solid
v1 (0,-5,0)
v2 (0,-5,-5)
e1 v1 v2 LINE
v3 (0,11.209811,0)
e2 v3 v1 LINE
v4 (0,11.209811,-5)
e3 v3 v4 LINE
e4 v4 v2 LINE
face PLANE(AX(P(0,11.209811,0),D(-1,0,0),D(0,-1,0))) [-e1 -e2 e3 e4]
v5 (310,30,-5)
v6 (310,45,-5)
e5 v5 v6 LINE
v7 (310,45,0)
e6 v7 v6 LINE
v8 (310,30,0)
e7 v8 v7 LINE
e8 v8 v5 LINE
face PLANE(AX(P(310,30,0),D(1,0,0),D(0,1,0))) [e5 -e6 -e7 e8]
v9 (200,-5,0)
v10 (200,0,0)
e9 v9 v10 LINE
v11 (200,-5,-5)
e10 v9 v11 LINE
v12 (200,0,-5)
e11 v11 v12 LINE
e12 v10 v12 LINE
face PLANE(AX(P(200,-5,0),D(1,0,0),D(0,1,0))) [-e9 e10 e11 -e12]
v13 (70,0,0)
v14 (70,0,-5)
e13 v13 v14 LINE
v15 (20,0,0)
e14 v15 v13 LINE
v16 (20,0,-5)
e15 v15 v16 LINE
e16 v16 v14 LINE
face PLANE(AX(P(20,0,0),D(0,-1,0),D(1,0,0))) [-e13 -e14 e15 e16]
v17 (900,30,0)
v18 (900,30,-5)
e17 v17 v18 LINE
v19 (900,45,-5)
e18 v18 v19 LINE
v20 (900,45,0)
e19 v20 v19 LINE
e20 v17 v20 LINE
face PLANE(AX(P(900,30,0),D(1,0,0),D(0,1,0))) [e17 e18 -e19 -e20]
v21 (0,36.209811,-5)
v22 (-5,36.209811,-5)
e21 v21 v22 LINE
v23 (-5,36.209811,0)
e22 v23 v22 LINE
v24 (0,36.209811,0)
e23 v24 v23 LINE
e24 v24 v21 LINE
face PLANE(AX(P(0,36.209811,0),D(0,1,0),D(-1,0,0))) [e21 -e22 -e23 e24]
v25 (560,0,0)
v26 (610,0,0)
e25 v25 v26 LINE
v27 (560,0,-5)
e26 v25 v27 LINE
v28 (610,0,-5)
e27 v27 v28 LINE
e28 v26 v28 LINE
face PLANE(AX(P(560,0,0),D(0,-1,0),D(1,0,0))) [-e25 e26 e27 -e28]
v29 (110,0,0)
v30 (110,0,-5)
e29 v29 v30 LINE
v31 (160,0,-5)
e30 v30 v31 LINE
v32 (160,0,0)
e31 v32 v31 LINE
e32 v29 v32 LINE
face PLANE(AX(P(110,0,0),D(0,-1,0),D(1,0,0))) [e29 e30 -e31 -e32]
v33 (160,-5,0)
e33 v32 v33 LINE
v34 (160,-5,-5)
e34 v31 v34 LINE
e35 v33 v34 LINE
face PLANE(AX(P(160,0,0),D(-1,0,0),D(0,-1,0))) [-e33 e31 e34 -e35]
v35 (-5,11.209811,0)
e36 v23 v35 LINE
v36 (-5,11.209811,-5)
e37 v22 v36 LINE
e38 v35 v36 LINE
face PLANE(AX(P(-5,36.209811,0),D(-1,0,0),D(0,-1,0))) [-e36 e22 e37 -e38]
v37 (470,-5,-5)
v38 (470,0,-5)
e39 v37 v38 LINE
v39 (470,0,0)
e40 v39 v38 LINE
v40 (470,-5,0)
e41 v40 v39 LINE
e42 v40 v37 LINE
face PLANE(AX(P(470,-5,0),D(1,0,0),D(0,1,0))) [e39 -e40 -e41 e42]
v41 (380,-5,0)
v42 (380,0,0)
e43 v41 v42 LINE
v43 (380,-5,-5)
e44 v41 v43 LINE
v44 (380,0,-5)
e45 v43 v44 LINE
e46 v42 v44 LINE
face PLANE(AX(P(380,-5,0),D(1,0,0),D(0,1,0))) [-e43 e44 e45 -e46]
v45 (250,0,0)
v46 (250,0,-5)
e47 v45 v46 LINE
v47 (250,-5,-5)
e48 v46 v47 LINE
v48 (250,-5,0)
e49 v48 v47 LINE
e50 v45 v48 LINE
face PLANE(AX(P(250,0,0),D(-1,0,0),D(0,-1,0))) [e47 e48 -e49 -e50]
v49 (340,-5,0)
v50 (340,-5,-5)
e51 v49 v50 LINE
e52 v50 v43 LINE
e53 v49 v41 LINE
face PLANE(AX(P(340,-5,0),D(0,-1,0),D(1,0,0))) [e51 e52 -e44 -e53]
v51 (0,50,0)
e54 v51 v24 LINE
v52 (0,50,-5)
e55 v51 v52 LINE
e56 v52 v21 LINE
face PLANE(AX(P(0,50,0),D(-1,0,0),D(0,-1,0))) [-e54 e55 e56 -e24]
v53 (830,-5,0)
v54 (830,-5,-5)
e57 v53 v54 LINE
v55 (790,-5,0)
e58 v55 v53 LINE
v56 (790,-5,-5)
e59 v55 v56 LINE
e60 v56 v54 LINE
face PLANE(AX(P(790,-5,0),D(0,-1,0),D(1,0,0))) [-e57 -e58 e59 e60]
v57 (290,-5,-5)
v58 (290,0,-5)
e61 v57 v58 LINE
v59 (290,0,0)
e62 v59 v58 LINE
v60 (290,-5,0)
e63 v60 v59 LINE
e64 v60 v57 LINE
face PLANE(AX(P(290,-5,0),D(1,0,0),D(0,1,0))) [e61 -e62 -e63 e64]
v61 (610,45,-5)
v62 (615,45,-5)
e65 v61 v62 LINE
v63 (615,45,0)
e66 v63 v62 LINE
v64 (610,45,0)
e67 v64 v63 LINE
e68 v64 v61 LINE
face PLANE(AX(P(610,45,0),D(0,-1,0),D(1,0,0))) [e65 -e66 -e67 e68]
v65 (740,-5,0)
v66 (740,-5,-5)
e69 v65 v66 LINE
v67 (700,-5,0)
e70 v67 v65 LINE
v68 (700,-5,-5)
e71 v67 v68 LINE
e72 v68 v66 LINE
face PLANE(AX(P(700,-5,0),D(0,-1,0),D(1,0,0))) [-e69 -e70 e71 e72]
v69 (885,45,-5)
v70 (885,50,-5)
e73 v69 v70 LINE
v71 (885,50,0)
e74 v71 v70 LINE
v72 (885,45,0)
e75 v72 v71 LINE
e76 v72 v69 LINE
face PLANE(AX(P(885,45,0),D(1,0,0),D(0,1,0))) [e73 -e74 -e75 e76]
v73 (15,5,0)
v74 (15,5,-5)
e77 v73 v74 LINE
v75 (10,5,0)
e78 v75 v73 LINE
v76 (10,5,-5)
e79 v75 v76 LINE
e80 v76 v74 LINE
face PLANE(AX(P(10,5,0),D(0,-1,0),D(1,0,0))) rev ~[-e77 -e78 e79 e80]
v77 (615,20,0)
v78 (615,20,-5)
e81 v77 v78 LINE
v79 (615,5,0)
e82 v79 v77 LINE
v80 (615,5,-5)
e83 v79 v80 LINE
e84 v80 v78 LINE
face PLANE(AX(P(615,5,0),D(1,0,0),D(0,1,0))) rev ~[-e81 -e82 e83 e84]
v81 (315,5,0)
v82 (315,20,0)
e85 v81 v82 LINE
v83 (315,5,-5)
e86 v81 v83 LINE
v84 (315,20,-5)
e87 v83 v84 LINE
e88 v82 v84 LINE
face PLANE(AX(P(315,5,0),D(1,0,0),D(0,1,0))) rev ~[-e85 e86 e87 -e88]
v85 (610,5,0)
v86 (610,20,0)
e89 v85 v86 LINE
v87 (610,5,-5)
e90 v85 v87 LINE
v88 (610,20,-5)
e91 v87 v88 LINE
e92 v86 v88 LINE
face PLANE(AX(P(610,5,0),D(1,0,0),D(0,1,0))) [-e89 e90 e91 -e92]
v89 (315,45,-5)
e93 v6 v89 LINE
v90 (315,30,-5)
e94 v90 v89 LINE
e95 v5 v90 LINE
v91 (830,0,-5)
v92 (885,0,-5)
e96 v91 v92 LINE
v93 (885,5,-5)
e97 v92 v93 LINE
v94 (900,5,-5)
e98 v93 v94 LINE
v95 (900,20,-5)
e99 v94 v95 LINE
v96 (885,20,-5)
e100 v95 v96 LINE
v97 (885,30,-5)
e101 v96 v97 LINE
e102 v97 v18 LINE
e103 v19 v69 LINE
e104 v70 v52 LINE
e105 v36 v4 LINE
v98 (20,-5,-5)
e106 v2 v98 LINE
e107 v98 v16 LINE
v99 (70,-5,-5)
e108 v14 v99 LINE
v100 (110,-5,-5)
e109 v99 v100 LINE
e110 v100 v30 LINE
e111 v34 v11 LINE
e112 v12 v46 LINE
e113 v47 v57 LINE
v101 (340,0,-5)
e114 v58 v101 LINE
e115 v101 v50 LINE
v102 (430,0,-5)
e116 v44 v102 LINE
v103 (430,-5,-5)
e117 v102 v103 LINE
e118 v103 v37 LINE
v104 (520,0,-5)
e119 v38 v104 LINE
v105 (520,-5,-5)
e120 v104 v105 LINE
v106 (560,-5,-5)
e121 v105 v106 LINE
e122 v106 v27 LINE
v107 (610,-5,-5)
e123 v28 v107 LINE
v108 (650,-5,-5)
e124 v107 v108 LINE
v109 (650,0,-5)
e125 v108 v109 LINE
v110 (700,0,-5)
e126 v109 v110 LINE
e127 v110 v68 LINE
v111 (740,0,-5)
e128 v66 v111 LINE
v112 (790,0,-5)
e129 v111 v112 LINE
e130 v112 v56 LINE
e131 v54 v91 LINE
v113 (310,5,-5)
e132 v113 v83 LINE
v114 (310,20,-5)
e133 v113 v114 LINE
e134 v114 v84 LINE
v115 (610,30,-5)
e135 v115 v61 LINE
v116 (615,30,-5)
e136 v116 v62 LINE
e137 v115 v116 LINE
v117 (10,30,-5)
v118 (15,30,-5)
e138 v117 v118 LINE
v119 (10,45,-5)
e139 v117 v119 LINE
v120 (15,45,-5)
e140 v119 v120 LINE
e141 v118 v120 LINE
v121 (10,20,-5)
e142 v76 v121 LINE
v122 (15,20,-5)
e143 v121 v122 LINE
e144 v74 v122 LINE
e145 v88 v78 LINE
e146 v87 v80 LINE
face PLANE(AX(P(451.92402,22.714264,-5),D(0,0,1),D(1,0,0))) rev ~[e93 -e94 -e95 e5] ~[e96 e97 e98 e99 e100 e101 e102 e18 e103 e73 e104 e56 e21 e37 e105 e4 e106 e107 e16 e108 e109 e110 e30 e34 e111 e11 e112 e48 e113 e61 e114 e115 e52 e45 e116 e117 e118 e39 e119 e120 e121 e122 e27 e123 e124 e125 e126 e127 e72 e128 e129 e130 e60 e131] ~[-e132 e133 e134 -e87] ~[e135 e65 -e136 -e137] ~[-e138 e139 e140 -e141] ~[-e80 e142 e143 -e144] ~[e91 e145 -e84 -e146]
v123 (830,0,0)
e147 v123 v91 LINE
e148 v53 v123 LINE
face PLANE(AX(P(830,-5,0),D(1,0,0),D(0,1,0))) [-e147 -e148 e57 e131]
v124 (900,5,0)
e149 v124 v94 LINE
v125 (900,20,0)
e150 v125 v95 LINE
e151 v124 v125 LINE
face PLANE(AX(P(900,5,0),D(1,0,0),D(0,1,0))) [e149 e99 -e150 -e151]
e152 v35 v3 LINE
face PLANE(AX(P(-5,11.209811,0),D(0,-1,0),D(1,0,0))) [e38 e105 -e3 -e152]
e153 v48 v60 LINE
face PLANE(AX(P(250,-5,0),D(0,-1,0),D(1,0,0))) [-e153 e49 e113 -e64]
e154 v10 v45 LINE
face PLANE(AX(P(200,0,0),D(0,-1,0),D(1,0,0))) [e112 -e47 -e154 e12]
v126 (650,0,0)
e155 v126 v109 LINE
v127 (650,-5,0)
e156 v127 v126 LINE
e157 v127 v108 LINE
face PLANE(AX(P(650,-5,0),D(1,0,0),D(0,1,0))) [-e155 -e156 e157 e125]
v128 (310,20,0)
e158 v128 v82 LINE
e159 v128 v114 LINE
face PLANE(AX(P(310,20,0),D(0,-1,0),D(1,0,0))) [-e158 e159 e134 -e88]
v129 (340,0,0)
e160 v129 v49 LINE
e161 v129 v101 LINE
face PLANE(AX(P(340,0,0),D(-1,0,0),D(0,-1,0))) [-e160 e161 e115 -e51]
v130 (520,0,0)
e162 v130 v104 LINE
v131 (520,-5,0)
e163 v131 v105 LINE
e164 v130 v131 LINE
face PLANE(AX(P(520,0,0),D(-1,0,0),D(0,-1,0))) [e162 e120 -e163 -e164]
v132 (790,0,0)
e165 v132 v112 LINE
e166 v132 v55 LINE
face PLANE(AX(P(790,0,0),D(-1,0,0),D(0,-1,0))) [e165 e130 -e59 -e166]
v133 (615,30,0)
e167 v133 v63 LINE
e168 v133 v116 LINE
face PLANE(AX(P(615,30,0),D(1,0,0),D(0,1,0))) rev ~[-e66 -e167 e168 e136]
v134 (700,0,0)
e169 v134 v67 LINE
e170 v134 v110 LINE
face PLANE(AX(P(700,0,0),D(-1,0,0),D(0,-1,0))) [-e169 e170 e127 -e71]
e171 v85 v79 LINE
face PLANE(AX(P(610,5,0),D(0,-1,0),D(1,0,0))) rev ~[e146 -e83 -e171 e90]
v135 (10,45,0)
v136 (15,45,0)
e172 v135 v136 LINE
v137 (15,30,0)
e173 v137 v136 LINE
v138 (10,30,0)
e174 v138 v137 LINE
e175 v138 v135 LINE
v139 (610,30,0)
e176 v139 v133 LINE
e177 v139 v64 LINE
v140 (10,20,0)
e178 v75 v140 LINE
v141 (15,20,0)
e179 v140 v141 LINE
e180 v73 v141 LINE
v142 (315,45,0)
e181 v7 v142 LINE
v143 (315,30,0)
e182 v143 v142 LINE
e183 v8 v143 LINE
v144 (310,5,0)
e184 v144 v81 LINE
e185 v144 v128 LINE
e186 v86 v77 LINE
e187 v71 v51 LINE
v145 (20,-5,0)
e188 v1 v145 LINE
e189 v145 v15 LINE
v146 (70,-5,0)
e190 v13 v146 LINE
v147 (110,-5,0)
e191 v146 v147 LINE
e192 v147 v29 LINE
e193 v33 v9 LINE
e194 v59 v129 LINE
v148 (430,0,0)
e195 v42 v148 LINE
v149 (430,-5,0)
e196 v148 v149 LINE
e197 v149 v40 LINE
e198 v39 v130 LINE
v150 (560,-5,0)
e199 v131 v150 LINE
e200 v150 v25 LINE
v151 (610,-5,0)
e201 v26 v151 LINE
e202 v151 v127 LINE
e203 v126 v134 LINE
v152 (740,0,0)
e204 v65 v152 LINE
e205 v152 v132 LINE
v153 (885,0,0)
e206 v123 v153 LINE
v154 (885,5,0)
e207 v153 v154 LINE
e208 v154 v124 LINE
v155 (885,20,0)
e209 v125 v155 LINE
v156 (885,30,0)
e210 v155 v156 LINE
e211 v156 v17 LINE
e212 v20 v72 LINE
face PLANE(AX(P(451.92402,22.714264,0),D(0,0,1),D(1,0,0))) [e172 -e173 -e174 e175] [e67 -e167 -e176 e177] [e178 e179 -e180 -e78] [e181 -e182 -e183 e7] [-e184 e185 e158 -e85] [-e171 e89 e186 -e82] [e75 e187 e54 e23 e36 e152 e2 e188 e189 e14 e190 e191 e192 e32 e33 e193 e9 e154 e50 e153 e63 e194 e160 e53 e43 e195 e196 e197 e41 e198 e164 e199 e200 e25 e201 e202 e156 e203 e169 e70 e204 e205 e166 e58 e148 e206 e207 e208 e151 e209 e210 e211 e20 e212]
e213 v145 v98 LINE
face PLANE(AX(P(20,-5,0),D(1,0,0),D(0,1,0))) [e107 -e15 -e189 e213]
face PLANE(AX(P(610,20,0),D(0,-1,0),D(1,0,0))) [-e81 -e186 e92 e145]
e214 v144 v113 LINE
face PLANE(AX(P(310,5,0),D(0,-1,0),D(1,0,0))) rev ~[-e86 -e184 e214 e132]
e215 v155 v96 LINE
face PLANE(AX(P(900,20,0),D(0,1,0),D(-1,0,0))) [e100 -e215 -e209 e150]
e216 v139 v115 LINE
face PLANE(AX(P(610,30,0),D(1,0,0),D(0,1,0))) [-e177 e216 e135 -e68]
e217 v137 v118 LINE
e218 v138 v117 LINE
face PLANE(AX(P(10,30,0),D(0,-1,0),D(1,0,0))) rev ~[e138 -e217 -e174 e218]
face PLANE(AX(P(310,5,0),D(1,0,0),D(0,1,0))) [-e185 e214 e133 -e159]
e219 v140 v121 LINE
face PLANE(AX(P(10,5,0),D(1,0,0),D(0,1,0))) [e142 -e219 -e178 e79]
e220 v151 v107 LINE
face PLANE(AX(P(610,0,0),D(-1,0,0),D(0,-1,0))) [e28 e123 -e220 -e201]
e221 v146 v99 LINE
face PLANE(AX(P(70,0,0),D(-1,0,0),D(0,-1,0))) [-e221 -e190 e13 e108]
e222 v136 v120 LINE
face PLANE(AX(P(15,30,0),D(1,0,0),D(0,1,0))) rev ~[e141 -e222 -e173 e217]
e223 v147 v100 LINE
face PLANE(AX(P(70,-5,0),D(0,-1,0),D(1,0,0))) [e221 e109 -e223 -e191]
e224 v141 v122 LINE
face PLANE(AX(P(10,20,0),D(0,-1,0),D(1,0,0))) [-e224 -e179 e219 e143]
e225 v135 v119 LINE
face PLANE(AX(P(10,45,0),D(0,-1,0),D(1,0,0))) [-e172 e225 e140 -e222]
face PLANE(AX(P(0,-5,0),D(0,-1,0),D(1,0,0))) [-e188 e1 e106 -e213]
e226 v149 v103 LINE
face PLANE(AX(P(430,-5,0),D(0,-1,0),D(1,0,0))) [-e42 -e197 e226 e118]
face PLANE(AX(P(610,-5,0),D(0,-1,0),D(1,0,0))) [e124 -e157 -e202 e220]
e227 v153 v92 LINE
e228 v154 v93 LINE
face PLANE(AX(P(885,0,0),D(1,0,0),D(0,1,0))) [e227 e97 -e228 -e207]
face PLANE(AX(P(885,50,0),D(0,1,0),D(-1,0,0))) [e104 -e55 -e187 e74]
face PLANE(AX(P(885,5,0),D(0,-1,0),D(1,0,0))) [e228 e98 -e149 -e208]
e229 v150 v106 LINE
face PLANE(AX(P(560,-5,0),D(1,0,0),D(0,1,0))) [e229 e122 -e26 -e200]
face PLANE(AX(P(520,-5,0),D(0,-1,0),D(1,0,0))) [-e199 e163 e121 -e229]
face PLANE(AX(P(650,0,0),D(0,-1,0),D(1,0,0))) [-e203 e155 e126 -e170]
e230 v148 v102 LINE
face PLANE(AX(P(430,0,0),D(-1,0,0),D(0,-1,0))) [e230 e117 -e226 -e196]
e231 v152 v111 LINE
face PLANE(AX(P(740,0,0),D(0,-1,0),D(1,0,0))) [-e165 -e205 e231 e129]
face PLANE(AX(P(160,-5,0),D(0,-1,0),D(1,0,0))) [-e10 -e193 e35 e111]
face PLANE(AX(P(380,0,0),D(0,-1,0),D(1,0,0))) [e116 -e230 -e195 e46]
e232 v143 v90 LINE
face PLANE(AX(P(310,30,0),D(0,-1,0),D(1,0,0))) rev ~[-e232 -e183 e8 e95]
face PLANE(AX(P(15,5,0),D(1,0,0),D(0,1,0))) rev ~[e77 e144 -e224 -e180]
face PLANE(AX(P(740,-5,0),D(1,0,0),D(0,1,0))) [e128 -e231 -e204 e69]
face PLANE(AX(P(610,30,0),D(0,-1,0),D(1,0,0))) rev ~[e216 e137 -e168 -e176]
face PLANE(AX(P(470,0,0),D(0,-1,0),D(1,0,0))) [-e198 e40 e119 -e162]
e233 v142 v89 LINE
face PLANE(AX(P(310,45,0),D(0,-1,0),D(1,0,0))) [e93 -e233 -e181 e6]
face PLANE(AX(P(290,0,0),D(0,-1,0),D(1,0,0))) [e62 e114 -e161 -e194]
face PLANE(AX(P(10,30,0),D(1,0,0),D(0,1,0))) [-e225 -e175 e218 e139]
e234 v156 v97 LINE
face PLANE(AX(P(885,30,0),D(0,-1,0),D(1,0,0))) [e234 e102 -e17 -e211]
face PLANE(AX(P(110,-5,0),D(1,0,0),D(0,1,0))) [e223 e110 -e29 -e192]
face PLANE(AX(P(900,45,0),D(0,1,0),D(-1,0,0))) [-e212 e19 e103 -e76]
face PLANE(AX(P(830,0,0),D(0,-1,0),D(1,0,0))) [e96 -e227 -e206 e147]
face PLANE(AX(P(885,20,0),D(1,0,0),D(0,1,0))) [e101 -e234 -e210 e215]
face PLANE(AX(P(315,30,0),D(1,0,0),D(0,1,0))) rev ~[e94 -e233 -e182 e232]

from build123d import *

# Parameters (mm, degrees)
SKETCH1_W           = 5
SKETCH1_H           = 15
BOSS_EXTRUDE1_DEPTH = 5


with BuildPart() as part:
    # Sketch1 → Boss-Extrude1 (new body)
    with BuildSketch(Plane.XY):
        Polygon((885, 50), (0, 50), (0, 36.209811371), (-5, 36.209811371), (-5, 11.209811371), (0, 11.209811371), (0, -5), (20, -5), (20, 0), (70, 0), (70, -5), (110, -5), (110, 0), (160, 0), (160, -5), (200, -5), (200, 0), (250, 0), (250, -5), (290, -5), (290, 0), (340, 0), (340, -5), (380, -5), (380, 0), (430, 0), (430, -5), (470, -5), (470, 0), (520, 0), (520, -5), (560, -5), (560, 0), (610, 0), (610, -5), (650, -5), (650, 0), (700, 0), (700, -5), (740, -5), (740, 0), (790, 0), (790, -5), (830, -5), (830, 0), (885, 0), (885, 5), (900, 5), (900, 20), (885, 20), (885, 30), (900, 30), (900, 45), (885, 45), align=None)
        with Locations((12.5, 12.5)):
            Rectangle(SKETCH1_W, SKETCH1_H, mode=Mode.SUBTRACT)
        with Locations((312.5, 12.5)):
            Rectangle(SKETCH1_W, SKETCH1_H, mode=Mode.SUBTRACT)
        with Locations((612.5, 12.5)):
            Rectangle(SKETCH1_W, SKETCH1_H, mode=Mode.SUBTRACT)
        with Locations((12.5, 37.5)):
            Rectangle(SKETCH1_W, SKETCH1_H, mode=Mode.SUBTRACT)
        with Locations((312.5, 37.5)):
            Rectangle(SKETCH1_W, SKETCH1_H, mode=Mode.SUBTRACT)
        with Locations((612.5, 37.5)):
            Rectangle(SKETCH1_W, SKETCH1_H, mode=Mode.SUBTRACT)
    extrude(amount=-BOSS_EXTRUDE1_DEPTH)


solid = part.part
